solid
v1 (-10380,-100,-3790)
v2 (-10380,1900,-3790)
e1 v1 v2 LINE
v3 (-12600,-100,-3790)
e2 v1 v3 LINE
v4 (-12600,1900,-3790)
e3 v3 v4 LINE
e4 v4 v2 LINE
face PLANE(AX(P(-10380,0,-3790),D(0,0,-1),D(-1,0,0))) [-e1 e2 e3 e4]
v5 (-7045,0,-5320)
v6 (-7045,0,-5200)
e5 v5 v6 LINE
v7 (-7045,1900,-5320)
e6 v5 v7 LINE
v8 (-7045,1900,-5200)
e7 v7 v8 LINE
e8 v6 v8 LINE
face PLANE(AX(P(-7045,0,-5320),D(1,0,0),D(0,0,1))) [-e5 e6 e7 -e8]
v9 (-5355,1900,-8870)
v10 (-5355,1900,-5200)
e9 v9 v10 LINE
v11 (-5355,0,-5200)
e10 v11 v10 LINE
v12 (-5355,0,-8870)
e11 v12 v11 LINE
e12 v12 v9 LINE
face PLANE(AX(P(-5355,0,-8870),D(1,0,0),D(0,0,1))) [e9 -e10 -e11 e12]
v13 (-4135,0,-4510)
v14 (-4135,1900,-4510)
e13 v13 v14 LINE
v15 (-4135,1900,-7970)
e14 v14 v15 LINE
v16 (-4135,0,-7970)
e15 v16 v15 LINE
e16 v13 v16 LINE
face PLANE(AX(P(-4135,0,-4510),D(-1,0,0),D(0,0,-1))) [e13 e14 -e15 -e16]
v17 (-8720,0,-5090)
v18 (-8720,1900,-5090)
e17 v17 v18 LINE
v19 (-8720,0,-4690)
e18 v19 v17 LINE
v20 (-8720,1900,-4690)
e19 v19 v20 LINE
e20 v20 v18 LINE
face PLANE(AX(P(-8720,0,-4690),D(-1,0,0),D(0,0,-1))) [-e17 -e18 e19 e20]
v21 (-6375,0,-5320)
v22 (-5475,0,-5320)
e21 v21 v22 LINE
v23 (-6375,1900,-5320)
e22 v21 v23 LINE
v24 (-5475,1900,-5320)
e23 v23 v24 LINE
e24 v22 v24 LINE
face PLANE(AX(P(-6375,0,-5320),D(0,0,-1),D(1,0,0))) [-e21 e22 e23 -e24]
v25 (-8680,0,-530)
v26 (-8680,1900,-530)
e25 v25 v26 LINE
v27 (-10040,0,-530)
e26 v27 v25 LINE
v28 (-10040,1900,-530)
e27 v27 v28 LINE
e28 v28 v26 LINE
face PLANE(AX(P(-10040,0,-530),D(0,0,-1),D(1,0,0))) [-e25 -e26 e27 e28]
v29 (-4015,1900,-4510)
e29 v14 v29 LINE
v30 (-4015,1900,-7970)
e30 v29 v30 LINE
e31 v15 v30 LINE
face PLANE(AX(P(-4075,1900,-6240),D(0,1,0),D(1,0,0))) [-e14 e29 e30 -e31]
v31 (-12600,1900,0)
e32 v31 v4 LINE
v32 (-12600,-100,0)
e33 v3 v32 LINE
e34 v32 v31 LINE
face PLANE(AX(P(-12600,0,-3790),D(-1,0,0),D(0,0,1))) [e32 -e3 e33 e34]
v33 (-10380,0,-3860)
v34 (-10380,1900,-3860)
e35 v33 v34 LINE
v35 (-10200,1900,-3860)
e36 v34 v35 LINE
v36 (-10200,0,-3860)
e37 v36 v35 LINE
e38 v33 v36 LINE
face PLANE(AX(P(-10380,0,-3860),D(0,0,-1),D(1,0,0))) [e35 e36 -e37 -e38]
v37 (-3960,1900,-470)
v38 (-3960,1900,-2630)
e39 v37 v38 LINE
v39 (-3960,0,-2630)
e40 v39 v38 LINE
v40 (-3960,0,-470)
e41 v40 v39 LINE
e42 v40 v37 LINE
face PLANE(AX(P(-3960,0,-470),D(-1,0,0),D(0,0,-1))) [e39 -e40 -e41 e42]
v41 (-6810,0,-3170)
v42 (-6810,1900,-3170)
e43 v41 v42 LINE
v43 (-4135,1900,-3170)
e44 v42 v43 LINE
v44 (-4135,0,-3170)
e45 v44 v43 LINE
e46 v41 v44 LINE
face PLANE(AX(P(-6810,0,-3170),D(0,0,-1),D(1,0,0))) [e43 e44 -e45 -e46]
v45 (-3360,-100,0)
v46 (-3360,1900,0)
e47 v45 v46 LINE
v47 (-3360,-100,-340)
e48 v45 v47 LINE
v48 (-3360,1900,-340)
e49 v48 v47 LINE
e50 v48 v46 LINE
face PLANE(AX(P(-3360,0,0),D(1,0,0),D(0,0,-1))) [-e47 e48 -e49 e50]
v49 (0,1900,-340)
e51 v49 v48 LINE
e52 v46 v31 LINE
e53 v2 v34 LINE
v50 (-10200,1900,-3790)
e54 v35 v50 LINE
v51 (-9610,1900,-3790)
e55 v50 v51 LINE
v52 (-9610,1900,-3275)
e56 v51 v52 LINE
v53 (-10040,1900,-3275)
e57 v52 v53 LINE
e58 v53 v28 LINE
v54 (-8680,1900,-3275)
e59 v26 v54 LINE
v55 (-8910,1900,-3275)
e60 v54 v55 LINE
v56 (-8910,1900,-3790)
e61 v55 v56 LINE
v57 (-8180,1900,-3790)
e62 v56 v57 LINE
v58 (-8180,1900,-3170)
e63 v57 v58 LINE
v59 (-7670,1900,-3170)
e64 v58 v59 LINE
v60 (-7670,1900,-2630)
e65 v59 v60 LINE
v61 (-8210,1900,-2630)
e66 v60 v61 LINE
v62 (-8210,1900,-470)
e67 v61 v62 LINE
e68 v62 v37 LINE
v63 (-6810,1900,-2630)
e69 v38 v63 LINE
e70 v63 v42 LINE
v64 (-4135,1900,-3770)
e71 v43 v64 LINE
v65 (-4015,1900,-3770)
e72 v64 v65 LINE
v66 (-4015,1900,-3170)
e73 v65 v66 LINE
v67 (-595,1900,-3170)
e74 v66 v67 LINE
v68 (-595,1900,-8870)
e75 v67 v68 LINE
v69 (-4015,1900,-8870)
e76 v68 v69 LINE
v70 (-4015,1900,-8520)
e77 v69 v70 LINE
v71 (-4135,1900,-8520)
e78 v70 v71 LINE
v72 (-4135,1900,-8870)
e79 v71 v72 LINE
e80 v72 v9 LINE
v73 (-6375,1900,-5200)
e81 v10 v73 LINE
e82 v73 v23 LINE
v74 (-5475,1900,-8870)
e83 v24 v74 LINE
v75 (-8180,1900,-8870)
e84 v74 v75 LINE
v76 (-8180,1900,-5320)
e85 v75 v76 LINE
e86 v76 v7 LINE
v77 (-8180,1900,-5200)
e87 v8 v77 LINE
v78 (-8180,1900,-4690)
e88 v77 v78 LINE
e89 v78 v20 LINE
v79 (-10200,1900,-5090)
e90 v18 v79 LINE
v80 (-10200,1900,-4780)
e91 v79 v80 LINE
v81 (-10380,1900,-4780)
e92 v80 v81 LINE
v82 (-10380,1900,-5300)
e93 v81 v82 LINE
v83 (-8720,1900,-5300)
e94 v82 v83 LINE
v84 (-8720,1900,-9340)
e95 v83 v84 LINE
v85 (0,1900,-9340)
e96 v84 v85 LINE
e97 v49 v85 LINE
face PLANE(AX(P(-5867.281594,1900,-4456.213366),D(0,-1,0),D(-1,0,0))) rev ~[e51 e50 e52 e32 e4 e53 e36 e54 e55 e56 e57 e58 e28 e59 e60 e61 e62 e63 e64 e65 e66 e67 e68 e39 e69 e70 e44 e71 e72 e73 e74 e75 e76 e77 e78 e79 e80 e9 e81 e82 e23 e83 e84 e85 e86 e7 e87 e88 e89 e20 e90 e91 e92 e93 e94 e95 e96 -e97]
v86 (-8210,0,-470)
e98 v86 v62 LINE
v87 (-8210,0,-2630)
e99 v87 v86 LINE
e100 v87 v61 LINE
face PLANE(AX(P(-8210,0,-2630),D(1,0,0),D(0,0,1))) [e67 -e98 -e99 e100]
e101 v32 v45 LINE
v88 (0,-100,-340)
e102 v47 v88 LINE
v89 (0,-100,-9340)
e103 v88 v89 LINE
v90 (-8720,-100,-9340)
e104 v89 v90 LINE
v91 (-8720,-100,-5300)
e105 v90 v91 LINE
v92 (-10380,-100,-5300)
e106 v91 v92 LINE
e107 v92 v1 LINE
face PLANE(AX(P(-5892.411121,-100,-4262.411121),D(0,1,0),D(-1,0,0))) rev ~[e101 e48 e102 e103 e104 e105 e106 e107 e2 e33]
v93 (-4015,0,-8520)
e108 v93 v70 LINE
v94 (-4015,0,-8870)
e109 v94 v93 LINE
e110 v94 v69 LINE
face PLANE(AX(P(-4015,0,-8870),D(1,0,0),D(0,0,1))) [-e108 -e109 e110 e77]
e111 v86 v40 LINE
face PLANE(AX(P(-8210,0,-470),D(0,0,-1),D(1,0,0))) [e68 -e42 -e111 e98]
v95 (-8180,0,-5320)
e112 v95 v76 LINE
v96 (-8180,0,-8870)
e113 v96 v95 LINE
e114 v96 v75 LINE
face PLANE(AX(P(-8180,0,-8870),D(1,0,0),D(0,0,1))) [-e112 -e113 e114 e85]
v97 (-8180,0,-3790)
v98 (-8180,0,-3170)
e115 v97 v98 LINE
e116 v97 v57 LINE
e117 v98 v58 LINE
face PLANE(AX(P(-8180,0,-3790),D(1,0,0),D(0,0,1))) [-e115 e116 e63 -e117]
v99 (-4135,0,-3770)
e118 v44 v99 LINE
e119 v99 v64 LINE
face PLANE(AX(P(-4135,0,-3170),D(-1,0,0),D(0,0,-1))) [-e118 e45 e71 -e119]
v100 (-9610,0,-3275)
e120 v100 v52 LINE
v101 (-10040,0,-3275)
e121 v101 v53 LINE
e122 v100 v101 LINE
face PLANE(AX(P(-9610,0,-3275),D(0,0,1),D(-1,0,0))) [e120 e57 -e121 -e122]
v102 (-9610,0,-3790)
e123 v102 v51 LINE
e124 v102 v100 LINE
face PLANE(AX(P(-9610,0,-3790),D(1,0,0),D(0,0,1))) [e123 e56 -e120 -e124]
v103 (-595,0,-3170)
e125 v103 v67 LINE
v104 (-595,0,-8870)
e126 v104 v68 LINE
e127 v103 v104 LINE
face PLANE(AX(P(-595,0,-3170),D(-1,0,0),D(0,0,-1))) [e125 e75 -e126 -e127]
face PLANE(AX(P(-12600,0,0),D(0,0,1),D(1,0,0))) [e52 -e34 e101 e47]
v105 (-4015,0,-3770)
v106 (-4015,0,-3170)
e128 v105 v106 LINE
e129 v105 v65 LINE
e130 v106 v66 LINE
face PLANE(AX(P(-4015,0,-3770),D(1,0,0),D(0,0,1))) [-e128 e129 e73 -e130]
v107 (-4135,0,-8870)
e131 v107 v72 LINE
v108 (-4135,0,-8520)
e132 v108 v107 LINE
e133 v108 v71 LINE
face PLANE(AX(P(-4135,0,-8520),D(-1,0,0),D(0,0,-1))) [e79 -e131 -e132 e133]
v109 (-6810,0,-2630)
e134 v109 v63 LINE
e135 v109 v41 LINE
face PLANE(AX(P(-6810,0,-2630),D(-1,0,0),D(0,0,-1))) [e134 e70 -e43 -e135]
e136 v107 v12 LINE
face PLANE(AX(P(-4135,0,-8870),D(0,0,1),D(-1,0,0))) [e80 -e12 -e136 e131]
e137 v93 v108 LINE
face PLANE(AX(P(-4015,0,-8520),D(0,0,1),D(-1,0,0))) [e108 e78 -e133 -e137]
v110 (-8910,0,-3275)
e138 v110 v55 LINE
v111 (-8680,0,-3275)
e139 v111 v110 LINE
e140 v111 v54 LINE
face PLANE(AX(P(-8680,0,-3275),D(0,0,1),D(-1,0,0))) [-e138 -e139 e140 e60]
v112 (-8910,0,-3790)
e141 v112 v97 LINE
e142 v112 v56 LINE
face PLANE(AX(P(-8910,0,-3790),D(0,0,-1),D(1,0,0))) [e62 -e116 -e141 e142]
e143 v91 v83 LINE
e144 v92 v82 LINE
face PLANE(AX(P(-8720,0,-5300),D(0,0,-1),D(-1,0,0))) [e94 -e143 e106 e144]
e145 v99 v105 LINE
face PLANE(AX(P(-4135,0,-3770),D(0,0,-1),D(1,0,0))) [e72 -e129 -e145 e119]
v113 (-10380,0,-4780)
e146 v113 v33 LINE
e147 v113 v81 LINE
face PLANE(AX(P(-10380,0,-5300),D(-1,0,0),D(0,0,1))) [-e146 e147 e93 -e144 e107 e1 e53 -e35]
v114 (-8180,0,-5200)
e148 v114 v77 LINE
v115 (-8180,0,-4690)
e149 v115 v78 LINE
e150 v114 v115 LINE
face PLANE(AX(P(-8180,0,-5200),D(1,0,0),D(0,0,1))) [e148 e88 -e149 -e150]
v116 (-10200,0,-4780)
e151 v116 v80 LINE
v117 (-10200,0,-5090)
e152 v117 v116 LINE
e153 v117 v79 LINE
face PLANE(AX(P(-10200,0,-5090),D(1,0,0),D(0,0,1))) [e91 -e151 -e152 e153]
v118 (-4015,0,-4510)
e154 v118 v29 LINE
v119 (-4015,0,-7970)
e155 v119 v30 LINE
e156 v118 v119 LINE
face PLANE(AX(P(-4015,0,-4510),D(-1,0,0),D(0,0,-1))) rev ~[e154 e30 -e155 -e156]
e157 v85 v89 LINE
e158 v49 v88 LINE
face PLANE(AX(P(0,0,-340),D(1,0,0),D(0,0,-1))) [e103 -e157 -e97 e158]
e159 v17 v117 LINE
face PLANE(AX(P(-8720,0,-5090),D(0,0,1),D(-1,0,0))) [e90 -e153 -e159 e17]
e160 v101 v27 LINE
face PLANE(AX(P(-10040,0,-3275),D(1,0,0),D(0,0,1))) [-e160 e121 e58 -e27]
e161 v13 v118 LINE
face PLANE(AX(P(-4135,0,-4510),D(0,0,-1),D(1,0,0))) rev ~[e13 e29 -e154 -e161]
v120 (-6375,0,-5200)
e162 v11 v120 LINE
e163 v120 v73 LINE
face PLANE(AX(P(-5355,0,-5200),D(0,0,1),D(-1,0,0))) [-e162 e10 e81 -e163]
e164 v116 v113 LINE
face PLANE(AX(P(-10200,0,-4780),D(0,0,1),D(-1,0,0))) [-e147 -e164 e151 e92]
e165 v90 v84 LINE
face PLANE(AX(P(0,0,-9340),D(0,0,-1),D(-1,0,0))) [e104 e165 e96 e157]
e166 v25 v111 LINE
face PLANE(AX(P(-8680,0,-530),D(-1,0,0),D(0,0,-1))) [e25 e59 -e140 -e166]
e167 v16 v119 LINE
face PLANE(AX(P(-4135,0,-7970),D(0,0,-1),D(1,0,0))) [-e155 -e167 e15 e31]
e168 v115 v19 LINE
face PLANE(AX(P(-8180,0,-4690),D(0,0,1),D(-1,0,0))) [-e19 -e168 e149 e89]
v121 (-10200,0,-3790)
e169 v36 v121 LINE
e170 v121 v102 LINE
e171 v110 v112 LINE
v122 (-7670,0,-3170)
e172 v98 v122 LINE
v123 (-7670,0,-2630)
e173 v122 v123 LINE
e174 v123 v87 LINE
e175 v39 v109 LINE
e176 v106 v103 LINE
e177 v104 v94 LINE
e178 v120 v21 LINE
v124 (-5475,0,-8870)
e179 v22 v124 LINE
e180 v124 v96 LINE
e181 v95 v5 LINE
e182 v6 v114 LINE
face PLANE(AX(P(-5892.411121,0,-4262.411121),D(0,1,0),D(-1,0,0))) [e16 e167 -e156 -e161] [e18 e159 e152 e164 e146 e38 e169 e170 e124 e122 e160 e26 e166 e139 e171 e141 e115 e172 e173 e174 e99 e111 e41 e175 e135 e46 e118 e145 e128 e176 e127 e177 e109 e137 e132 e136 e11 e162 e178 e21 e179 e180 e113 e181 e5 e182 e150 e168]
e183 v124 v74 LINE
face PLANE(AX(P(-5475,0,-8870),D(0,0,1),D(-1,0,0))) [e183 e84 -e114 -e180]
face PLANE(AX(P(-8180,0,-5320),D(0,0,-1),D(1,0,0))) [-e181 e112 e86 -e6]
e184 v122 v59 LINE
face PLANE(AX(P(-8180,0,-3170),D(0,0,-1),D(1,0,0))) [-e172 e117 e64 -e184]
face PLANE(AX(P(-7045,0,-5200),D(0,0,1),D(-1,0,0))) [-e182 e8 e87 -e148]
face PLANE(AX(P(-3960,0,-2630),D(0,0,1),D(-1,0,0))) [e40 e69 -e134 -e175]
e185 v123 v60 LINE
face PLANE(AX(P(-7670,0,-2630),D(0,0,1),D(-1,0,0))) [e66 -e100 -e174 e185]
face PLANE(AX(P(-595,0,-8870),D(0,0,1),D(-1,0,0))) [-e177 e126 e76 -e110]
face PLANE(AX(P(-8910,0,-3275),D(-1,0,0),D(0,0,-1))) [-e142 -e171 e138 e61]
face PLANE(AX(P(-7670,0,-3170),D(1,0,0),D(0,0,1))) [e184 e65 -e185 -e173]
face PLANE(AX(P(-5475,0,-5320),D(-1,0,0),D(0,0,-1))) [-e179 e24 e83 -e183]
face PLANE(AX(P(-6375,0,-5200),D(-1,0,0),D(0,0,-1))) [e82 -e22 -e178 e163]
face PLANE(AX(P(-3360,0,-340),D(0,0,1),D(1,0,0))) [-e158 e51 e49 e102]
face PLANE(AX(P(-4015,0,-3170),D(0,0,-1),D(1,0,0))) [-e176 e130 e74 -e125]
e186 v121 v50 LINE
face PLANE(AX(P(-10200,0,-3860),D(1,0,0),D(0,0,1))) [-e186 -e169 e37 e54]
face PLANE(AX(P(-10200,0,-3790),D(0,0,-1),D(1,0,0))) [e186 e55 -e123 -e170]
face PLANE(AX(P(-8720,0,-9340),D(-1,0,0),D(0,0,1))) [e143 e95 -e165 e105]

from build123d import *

# Parameters (mm, degrees)
EXTRUDE_1_DEPTH   = 1900
SKETCH_1_W        = 120
SKETCH_1_H        = 3460
EXTRUDE_1_2_DEPTH = 1900
EXTRUDE_2_DEPTH   = 100


with BuildPart() as part:
    # Эскиз1 → Бобышка-Вытянуть1 (new body)
    with BuildSketch(Plane(origin=(0, 0, 0), x_dir=(1, 0, 0), z_dir=(0, 1, 0))):
        Polygon((-12600, 0), (-12600, 3790), (-10380, 3790), (-10380, 3860), (-10200, 3860), (-10200, 3790), (-9610, 3790), (-9610, 3275), (-10040, 3275), (-10040, 530), (-8680, 530), (-8680, 3275), (-8910, 3275), (-8910, 3790), (-8180, 3790), (-8180, 3170), (-7670, 3170), (-7670, 2630), (-8210, 2630), (-8210, 470), (-3960, 470), (-3960, 2630), (-6810, 2630), (-6810, 3170), (-4135, 3170), (-4135, 3770), (-4015, 3770), (-4015, 3170), (-595, 3170), (-595, 8870), (-4015, 8870), (-4015, 8520), (-4135, 8520), (-4135, 8870), (-5355, 8870), (-5355, 5200), (-6375, 5200), (-6375, 5320), (-5475, 5320), (-5475, 8870), (-8180, 8870), (-8180, 5320), (-7045, 5320), (-7045, 5200), (-8180, 5200), (-8180, 4690), (-8720, 4690), (-8720, 5090), (-10200, 5090), (-10200, 4780), (-10380, 4780), (-10380, 5300), (-8720, 5300), (-8720, 9340), (0, 9340), (0, 2250), (0, 340), (-3360, 340), (-3360, 0), align=None)
    extrude(amount=EXTRUDE_1_DEPTH)



with BuildPart() as body_2:
    # Эскиз1 → Extrude 1 2 (new body)
    with BuildSketch(Plane(origin=(0, 0, 0), x_dir=(1, 0, 0), z_dir=(0, 1, 0))):
        with Locations((-4075, 6240)):
            Rectangle(SKETCH_1_W, SKETCH_1_H)
    extrude(amount=EXTRUDE_1_2_DEPTH)


with BuildPart() as part_1:
    add(part.part)

    add(body_2.part)  # Бобышка-Вытянуть2 merges body 2
    # Эскиз2 → Бобышка-Вытянуть2 (add)
    with BuildSketch(Plane.XZ):
        Polygon((0, -9340), (-8720, -9340), (-8720, -5300), (-10380, -5300), (-10380, -3790), (-12600, -3790), (-12600, 0), (-3360, 0), (-3360, -340), (0, -340), align=None)
    extrude(amount=EXTRUDE_2_DEPTH)


solid = part_1.part
